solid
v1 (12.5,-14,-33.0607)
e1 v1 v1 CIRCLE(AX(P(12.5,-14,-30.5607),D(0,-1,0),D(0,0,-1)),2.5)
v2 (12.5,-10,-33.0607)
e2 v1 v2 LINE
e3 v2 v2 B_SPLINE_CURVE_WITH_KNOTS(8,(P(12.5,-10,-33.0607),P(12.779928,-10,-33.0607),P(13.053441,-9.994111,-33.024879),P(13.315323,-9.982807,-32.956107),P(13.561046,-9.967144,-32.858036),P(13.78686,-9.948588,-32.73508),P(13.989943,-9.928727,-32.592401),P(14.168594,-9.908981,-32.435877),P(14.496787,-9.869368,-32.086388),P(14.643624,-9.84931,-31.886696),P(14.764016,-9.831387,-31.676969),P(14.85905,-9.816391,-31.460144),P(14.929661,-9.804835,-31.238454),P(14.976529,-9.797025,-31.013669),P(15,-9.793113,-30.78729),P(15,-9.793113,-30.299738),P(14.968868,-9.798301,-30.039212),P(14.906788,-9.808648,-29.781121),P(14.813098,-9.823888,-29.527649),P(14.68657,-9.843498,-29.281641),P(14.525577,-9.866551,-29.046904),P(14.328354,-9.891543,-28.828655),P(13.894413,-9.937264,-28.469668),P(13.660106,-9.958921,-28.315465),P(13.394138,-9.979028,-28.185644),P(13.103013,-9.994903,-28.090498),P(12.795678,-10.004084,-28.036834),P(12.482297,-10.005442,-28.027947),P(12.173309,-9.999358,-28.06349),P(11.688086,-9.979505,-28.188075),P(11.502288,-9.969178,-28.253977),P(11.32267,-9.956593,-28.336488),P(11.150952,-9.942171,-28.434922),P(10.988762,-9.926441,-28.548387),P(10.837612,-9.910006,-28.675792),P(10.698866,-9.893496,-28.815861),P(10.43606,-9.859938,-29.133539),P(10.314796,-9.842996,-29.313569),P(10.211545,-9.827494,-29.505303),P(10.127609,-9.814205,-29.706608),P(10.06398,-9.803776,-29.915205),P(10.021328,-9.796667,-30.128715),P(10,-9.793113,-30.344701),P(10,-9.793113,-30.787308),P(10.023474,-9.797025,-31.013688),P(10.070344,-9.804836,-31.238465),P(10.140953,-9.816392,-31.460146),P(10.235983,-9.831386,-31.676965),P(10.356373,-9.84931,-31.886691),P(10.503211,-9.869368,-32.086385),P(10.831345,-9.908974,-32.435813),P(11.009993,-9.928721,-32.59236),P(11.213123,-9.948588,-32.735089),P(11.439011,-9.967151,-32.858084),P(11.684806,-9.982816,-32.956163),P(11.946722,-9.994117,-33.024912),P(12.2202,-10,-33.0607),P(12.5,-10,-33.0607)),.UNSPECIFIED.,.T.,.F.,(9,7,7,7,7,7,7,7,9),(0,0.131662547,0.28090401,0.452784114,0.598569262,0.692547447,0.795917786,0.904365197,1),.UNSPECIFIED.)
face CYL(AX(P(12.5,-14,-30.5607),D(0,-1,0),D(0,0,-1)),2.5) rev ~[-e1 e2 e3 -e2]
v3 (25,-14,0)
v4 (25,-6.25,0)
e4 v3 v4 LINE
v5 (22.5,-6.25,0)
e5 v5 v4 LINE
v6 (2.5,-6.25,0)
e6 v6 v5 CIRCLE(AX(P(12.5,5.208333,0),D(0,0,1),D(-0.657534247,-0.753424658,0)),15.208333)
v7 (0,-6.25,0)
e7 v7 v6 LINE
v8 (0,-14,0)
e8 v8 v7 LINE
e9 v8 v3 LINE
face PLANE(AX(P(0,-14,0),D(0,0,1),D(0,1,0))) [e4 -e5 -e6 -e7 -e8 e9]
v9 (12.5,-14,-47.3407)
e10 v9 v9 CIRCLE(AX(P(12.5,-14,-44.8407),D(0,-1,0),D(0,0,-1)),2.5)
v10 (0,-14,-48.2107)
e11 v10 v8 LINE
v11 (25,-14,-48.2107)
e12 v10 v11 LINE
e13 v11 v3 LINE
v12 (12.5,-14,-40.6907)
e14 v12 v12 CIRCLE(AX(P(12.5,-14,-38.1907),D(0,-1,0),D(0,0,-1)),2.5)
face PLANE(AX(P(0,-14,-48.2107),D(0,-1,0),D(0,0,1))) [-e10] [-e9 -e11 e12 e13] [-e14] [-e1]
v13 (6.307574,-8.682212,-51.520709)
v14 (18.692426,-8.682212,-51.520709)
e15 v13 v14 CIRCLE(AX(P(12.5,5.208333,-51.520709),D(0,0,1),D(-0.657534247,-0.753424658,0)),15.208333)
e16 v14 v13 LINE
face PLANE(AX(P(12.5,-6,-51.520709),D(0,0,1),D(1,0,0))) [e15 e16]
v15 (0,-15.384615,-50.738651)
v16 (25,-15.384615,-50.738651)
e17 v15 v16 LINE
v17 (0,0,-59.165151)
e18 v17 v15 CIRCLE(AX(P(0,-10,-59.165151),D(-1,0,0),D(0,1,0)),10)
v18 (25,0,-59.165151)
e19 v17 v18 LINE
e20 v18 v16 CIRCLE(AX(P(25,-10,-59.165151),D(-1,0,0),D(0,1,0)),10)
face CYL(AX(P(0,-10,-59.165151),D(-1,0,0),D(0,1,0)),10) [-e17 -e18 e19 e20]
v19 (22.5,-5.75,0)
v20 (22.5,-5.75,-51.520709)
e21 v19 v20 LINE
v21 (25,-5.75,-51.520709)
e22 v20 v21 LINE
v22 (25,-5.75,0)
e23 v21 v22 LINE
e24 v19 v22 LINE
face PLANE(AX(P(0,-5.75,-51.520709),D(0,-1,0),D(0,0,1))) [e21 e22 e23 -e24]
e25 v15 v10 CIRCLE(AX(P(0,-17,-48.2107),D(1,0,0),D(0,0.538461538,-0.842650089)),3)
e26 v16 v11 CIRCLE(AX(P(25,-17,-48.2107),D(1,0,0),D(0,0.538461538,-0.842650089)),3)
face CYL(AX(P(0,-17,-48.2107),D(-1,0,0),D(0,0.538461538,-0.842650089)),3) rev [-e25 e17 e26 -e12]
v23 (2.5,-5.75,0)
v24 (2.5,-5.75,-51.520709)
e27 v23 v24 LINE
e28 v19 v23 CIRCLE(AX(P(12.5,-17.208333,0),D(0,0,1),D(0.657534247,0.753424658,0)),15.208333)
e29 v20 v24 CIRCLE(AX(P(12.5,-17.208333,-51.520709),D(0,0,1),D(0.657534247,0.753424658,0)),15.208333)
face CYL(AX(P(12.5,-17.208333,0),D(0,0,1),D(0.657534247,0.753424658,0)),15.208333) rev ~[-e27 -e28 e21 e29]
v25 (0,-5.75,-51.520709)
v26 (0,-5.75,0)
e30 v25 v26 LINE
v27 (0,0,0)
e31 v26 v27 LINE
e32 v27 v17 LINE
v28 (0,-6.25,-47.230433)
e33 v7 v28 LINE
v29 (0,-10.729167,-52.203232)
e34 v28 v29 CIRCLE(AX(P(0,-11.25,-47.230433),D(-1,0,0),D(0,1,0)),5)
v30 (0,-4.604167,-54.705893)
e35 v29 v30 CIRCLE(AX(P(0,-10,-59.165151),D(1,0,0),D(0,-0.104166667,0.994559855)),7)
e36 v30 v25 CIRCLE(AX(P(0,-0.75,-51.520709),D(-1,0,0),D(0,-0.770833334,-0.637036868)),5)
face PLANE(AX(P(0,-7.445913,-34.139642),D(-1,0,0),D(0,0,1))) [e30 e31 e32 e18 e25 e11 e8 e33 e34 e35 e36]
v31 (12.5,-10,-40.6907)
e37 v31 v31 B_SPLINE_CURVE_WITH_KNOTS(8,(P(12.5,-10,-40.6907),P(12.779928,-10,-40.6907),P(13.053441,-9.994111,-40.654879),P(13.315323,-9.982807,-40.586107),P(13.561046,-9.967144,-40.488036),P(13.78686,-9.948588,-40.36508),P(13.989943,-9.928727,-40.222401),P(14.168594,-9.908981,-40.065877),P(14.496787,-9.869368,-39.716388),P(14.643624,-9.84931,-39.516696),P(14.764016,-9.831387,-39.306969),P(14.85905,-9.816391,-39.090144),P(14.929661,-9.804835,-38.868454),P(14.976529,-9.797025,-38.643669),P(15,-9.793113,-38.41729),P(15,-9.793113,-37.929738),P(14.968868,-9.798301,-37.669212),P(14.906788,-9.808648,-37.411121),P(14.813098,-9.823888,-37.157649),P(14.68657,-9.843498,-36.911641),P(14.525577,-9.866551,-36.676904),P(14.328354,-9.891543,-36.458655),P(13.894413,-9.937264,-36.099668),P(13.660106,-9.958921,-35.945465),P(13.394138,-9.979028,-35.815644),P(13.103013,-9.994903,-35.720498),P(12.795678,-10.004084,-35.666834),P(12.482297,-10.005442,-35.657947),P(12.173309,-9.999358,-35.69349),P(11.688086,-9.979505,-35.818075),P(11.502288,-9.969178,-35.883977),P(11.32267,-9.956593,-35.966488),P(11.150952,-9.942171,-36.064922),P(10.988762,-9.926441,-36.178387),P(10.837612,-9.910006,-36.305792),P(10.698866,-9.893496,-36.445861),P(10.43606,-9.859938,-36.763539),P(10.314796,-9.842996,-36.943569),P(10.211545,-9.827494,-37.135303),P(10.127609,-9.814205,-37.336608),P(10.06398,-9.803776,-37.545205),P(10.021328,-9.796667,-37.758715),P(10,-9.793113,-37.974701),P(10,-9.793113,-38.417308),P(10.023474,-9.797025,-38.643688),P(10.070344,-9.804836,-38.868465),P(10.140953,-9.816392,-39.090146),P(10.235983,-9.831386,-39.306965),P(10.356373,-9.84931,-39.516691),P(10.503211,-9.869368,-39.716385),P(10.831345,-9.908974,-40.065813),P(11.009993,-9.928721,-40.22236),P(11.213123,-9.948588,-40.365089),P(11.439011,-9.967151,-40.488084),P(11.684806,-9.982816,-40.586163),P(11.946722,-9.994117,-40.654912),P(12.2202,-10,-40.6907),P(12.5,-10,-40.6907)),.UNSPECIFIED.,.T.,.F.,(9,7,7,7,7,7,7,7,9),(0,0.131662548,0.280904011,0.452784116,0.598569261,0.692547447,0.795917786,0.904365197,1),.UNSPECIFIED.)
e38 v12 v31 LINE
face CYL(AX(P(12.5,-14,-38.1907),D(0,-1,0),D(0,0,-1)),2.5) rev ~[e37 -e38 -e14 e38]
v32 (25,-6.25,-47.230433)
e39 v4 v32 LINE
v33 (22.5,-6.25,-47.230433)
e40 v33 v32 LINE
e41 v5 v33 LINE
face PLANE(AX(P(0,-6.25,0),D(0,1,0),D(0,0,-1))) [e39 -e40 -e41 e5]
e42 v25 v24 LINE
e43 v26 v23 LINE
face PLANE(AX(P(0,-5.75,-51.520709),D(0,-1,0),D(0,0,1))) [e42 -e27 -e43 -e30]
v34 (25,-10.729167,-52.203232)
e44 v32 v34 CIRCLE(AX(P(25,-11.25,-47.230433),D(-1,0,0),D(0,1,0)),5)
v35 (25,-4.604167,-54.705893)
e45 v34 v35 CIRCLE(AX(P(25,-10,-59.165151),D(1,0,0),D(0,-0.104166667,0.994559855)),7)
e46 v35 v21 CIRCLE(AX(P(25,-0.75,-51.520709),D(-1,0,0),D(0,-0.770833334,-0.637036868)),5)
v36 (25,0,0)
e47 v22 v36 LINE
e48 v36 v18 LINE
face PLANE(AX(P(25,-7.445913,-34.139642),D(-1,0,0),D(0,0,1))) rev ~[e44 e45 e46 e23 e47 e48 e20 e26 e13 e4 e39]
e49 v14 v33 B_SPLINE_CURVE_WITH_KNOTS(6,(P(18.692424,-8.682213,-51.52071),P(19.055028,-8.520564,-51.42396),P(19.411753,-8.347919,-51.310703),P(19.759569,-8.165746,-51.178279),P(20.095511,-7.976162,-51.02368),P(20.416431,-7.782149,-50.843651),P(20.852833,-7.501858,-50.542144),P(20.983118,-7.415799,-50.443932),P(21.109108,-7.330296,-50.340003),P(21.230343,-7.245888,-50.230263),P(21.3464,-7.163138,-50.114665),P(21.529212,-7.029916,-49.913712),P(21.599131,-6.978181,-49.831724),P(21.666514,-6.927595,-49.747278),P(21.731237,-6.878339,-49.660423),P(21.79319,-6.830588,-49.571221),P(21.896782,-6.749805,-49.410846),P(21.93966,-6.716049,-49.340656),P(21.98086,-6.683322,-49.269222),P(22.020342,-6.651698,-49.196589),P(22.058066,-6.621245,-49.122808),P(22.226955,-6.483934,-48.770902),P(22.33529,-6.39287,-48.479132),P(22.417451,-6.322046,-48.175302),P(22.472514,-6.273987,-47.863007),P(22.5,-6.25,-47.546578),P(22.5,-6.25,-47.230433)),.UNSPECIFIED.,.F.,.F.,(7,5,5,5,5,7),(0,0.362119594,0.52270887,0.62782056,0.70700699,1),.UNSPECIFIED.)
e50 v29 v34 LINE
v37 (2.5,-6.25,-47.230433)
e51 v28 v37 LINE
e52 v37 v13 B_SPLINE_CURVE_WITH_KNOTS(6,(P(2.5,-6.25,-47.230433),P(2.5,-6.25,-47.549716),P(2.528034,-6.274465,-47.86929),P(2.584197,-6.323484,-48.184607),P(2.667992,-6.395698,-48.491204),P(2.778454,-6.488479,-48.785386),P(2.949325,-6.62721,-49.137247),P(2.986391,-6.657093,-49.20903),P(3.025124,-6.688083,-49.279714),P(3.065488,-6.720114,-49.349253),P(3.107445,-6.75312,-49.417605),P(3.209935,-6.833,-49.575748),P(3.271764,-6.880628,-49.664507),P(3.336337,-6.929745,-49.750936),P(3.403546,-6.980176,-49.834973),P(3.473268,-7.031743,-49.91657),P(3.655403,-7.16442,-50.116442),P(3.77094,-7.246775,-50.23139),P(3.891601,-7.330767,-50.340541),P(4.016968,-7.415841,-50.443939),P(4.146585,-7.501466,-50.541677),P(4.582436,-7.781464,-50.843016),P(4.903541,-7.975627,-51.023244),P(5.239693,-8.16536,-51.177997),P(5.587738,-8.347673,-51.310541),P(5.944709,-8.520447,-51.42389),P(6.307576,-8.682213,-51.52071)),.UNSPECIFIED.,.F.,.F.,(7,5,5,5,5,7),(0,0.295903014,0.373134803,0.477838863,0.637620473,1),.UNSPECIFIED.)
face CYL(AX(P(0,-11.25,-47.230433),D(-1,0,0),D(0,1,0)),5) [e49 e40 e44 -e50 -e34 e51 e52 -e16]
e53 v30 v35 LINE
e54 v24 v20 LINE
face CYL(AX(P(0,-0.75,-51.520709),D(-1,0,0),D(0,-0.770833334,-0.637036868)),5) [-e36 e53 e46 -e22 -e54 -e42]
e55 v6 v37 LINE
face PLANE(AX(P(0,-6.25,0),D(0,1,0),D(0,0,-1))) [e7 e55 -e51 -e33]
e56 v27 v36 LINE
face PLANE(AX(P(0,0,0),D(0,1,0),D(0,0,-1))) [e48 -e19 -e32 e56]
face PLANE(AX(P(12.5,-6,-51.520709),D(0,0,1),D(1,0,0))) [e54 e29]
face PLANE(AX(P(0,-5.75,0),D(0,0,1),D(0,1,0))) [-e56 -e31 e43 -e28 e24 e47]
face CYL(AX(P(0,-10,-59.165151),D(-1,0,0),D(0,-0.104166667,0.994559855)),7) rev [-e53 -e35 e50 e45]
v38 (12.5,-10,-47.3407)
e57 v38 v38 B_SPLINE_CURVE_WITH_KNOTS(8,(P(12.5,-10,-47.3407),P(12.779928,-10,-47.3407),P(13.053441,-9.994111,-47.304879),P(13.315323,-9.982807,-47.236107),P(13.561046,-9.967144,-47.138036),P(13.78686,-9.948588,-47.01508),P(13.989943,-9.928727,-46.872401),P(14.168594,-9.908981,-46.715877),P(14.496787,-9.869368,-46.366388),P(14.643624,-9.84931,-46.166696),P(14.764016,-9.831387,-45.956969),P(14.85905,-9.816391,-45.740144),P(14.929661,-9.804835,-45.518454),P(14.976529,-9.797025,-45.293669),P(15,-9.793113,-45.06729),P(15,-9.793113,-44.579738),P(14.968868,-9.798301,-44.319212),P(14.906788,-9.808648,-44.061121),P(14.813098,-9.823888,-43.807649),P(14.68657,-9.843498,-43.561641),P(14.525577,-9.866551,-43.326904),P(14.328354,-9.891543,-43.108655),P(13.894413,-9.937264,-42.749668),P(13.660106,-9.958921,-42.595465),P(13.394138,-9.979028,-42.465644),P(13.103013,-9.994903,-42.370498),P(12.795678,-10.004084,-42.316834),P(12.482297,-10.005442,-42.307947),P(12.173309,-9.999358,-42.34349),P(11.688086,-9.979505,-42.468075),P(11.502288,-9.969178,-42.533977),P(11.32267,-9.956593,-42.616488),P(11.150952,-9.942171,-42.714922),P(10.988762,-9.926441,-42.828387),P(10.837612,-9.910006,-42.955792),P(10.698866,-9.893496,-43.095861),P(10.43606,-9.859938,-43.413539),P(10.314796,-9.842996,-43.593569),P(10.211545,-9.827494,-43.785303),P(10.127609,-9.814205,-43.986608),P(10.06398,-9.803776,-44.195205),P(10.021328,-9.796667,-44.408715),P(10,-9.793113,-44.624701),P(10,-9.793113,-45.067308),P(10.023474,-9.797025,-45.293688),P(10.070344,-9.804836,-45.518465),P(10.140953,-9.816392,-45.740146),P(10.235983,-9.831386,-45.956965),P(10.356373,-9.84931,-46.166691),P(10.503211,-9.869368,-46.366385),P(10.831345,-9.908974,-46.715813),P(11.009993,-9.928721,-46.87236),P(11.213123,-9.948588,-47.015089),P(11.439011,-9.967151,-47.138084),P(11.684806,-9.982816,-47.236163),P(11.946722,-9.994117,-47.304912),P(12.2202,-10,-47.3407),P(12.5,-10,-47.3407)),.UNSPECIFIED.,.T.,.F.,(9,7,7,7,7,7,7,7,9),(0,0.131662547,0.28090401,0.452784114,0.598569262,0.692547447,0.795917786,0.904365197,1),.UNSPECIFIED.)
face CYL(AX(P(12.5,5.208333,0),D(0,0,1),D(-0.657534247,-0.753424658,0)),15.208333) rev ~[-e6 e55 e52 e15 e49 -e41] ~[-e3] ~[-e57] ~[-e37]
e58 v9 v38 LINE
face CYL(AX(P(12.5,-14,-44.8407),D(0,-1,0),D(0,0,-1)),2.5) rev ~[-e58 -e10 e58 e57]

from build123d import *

# Parameters (mm, degrees)
BOSS_EXTRUDE2_DEPTH = 25
CUT_EXTRUDE1_REACH  = 76.865
SKETCH5_R           = 2.5
CUT_EXTRUDE4_DEPTH  = 51.520709


with BuildPart() as part:
    # Sketch2 → Boss-Extrude2 (new body)
    with BuildSketch(Plane(origin=(0, 0, 0), x_dir=(0, 0, -1), z_dir=(1, 0, 0))):
        with BuildLine():
            Line((0, 0), (59.16515139, 0))
            ThreePointArc((59.16515139, 0), (67.935731583, -14.803844614), (50.738650505, -15.384615385))
            ThreePointArc((50.738650505, -15.384615385), (49.651853624, -14.368825942), (48.21070024, -14))
            Line((48.21070024, -14), (45, -14))
            Line((45, -14), (0, -14))
            Line((0, -14), (0, -6.25))
            Line((0, -6.25), (47.230433128, -6.25))
            ThreePointArc((47.230433128, -6.25), (50.576761962, -7.534884479), (52.203232404, -10.729166667))
            ThreePointArc((52.203232404, -10.729166667), (65.645099511, -12.64769189), (54.705893308, -4.604166667))
            ThreePointArc((54.705893308, -4.604166667), (53.213216965, -5.454829079), (51.520708964, -5.75))
            Line((51.520708964, -5.75), (0, -5.75))
            Line((0, -5.75), (0, 0))
        make_face()
    extrude(amount=BOSS_EXTRUDE2_DEPTH)

    # Sketch5 → Cut-Extrude1 (cut, up to next)
    with BuildSketch(Plane.XZ.offset(14), mode=Mode.PRIVATE) as cut_extrude1_sk1:
        with Locations(Location((12.5, -30.56070024, 0), (0, 0, 270))):
            Circle(SKETCH5_R)
    cut_extrude1_tool1 = extrude(cut_extrude1_sk1.sketch, amount=-CUT_EXTRUDE1_REACH, mode=Mode.PRIVATE) & part.part
    # Sketch5 → Cut-Extrude1 (cut, up to next)
    with BuildSketch(Plane.XZ.offset(14), mode=Mode.PRIVATE) as cut_extrude1_sk2:
        with Locations(Location((12.5, -38.19070024, 0), (0, 0, 270))):
            Circle(SKETCH5_R)
    cut_extrude1_tool2 = extrude(cut_extrude1_sk2.sketch, amount=-CUT_EXTRUDE1_REACH, mode=Mode.PRIVATE) & part.part
    # Sketch5 → Cut-Extrude1 (cut, up to next)
    with BuildSketch(Plane.XZ.offset(14), mode=Mode.PRIVATE) as cut_extrude1_sk3:
        with Locations(Location((12.5, -44.84070024, 0), (0, 0, 270))):
            Circle(SKETCH5_R)
    cut_extrude1_tool3 = extrude(cut_extrude1_sk3.sketch, amount=-CUT_EXTRUDE1_REACH, mode=Mode.PRIVATE) & part.part
    add(cut_extrude1_tool1.solids().sort_by_distance((12.5, -14, -30.5607))[0], mode=Mode.SUBTRACT)
    add(cut_extrude1_tool2.solids().sort_by_distance((12.5, -14, -38.1907))[0], mode=Mode.SUBTRACT)
    add(cut_extrude1_tool3.solids().sort_by_distance((12.5, -14, -44.8407))[0], mode=Mode.SUBTRACT)

    # Sketch7 → Cut-Extrude4 (cut)
    with BuildSketch(Plane.XY):
        with BuildLine():
            Line((22.5, -6.25), (22.5, -5.75))
            ThreePointArc((22.5, -5.75), (12.5, -2), (2.5, -5.75))
            Line((2.5, -5.75), (2.5, -6.25))
            ThreePointArc((2.5, -6.25), (12.5, -10), (22.5, -6.25))
        make_face()
    extrude(amount=-CUT_EXTRUDE4_DEPTH, mode=Mode.SUBTRACT)


solid = part.part
